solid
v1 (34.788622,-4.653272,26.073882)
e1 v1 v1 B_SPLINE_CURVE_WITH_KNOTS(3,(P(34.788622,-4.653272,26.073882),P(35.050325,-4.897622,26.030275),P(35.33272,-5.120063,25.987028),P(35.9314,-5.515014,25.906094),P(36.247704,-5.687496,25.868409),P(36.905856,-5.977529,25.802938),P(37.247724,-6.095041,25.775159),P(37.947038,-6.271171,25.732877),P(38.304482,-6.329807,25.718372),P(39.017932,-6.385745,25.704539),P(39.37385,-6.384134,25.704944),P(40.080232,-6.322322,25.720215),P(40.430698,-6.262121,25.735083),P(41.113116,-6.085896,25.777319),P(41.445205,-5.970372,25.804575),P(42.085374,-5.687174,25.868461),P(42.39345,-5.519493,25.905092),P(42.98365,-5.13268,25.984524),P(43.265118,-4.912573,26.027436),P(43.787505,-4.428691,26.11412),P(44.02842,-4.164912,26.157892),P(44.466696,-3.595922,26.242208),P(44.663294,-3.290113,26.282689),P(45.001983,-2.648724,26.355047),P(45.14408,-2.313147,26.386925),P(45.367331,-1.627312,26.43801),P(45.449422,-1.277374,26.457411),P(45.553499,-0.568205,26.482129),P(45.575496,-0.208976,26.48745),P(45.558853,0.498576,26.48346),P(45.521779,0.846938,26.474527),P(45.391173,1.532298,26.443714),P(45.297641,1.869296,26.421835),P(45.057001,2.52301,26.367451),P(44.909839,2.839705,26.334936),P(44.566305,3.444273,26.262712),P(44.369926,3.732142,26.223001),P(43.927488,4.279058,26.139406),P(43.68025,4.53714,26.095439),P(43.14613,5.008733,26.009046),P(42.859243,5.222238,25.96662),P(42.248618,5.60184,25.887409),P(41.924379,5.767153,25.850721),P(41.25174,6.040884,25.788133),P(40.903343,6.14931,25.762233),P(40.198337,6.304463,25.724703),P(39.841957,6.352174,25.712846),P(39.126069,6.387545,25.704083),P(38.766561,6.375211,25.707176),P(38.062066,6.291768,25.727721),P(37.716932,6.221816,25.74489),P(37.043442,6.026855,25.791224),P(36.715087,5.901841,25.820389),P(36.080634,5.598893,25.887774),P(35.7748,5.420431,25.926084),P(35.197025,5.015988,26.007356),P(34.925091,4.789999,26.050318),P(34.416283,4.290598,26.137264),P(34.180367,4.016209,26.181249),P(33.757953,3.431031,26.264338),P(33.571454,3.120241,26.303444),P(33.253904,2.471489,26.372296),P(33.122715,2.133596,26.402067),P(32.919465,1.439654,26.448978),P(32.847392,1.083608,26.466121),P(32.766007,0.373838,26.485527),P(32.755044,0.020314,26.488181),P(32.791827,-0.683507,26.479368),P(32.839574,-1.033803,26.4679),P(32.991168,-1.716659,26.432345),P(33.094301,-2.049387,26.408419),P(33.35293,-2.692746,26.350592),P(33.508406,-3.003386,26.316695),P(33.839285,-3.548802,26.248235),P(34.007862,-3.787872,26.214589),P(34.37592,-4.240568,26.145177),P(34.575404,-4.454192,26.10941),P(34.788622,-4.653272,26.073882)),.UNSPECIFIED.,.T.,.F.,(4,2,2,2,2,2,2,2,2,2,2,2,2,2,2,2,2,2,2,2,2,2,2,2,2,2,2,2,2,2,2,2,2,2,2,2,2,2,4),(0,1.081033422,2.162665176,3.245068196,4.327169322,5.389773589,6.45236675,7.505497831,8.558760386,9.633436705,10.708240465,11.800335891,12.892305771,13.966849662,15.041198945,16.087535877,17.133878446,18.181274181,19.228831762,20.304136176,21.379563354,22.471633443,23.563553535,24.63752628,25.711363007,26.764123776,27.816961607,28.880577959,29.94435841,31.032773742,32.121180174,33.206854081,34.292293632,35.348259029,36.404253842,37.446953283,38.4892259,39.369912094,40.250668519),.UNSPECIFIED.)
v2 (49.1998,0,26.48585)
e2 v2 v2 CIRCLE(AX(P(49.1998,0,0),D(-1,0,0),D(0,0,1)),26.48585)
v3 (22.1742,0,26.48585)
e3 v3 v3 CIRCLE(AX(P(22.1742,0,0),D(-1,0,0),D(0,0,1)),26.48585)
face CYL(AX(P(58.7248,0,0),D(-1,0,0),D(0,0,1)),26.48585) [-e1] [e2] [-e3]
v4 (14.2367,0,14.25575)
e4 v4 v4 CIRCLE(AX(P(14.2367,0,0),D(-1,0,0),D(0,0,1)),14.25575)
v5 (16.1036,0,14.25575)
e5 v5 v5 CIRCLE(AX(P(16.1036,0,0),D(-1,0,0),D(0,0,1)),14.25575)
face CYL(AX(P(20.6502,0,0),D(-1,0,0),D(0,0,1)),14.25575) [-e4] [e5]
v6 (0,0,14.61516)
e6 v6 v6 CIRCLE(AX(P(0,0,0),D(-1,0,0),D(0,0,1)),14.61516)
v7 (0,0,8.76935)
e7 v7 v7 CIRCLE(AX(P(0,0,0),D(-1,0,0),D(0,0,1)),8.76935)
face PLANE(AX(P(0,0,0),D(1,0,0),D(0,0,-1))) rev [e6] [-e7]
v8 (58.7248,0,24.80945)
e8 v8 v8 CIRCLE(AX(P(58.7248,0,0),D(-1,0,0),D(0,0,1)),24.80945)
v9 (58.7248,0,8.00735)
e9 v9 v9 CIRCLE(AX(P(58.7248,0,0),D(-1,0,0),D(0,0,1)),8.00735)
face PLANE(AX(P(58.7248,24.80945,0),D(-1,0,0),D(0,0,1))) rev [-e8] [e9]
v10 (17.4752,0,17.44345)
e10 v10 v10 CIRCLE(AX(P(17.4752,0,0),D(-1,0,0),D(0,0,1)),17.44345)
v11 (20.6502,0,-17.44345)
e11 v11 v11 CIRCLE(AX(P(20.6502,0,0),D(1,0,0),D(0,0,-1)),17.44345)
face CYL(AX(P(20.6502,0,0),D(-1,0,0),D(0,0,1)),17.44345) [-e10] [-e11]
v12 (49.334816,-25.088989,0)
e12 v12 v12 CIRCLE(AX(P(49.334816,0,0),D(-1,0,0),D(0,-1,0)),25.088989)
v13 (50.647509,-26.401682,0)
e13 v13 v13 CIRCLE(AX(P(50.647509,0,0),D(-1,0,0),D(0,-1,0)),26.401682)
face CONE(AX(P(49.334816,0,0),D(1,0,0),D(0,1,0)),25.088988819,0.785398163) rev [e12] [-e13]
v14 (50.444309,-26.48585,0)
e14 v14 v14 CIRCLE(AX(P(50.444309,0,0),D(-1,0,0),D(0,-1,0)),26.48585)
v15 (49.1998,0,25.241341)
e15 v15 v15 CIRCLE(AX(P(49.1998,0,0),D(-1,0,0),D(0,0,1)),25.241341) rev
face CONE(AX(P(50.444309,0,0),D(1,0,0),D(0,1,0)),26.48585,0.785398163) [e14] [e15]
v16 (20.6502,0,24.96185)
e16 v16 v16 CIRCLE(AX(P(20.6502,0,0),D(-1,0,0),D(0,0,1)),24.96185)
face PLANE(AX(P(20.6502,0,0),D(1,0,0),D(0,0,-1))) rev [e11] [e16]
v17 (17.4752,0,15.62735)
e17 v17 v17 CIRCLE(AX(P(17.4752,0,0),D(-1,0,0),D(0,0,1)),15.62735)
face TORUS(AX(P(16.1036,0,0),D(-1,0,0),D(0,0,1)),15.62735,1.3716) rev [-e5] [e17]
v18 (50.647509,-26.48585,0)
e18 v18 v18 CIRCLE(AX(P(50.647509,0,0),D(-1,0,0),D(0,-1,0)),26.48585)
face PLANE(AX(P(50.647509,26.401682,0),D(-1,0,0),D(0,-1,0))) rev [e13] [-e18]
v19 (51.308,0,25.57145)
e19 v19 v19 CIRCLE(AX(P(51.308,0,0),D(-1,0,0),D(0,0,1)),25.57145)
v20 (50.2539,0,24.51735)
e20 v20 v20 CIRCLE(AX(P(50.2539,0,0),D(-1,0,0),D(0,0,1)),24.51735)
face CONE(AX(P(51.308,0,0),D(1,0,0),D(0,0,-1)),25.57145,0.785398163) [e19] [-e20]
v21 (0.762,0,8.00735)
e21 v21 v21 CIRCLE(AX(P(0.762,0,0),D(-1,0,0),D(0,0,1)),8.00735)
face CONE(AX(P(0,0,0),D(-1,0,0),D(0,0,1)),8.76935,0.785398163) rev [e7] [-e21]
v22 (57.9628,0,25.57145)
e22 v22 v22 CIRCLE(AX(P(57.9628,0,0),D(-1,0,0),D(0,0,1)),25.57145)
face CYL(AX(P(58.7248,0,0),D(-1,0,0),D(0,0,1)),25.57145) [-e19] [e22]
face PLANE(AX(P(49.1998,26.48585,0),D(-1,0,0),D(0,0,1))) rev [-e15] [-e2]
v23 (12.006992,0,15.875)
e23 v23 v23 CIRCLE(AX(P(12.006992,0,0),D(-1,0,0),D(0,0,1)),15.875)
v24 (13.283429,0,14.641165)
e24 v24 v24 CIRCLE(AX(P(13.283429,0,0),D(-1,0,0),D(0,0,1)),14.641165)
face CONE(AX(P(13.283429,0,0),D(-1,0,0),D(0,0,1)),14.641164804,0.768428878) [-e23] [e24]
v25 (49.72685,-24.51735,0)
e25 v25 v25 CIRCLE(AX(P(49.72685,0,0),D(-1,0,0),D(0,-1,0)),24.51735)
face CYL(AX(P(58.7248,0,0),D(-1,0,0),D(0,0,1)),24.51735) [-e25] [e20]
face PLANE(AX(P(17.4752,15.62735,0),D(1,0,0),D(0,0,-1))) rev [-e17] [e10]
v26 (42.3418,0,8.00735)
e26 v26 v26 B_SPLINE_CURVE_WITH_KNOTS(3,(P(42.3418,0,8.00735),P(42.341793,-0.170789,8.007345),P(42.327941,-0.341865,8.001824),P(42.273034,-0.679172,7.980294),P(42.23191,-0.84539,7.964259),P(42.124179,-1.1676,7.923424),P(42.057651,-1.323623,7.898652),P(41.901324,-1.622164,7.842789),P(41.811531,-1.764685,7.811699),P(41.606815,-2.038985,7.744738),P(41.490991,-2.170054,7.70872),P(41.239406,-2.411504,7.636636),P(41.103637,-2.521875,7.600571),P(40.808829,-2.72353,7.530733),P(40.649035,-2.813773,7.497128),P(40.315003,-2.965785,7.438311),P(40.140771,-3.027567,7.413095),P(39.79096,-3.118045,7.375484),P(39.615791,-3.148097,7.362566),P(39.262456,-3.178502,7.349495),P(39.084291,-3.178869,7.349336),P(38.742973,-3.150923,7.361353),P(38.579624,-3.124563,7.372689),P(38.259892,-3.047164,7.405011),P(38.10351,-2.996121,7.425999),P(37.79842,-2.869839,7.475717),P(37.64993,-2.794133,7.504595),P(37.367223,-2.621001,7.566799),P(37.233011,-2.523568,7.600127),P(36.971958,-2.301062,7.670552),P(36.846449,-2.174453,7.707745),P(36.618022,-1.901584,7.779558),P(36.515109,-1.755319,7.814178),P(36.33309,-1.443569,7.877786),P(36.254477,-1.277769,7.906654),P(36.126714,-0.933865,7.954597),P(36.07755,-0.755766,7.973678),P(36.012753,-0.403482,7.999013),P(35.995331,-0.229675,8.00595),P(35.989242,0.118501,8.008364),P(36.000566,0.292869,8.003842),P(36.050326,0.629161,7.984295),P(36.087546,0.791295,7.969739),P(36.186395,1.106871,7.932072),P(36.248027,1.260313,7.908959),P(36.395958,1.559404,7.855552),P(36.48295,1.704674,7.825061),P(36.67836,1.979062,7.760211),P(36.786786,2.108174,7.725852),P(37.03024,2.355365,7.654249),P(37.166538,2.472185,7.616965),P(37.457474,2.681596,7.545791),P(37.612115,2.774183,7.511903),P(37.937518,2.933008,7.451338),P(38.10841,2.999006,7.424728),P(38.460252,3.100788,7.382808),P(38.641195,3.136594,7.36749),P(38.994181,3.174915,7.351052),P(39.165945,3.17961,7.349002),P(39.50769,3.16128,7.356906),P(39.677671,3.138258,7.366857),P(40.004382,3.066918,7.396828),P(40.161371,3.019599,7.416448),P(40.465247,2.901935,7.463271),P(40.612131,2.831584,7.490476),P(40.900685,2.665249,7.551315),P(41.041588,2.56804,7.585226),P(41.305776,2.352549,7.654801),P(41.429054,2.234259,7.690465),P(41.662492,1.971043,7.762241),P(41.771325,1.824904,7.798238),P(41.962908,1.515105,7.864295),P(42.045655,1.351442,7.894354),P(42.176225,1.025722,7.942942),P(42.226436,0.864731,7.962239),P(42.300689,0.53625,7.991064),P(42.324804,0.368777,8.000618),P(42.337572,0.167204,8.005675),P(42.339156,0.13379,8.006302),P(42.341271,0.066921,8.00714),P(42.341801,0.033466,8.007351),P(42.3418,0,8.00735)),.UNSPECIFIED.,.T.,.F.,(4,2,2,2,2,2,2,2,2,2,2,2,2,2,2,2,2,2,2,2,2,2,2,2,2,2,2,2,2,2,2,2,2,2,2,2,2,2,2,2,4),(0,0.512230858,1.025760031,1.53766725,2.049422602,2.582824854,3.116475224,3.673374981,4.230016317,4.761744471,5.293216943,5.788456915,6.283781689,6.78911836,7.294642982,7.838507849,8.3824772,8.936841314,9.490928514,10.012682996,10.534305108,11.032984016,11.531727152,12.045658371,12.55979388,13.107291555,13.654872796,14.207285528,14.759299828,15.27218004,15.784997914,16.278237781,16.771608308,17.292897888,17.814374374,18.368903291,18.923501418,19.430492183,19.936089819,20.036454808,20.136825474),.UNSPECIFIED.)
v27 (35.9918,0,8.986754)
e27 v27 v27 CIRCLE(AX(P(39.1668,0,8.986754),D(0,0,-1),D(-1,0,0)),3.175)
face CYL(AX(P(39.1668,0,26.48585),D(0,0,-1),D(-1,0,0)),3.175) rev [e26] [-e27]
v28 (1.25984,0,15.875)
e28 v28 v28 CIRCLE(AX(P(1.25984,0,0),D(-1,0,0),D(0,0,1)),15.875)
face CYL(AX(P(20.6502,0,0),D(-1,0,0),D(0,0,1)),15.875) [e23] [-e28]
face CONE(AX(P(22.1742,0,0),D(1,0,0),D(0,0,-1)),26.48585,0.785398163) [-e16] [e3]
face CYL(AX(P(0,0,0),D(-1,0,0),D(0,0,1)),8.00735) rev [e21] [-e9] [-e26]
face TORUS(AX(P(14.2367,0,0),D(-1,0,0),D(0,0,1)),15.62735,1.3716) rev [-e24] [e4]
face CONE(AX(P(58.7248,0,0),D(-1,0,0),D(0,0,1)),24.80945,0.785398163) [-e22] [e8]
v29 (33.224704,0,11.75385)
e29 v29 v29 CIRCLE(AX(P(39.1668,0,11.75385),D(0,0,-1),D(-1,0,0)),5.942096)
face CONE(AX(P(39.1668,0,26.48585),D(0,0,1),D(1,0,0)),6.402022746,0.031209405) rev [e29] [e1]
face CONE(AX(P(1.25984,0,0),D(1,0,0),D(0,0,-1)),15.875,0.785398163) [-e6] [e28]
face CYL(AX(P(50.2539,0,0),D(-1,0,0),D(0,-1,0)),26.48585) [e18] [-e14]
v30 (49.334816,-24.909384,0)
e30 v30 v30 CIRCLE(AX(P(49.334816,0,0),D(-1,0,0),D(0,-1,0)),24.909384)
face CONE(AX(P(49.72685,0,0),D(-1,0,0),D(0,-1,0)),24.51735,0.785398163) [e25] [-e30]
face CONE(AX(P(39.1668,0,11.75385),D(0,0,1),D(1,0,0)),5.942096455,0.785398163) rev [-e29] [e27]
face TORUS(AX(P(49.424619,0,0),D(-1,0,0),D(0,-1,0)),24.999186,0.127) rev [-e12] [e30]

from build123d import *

# Parameters (mm, degrees)
HOLE1_D           = 16.0147
HOLE1_CSINK_D     = 17.5387
HOLE1_CSINK_ANGLE = 90


with BuildPart() as part:
    # Sketch1 → Revolve1 (revolve)
    with BuildSketch(Plane.XY):
        with BuildLine():
            Line((0, 0), (0, 14.61516))
            Line((0, 14.61516), (1.25984, 15.875))
            Line((1.25984, 15.875), (12.006992339, 15.875))
            Line((12.006992339, 15.875), (13.283429147, 14.641164804))
            ThreePointArc((13.283429147, 14.641164804), (13.72258185, 14.355749006), (14.2367, 14.25575))
            Line((14.2367, 14.25575), (16.1036, 14.25575))
            ThreePointArc((16.1036, 14.25575), (17.073467661, 14.657482339), (17.4752, 15.62735))
            Line((17.4752, 15.62735), (17.4752, 17.44345))
            Line((17.4752, 17.44345), (20.6502, 17.44345))
            Line((20.6502, 17.44345), (20.6502, 0))
            Line((20.6502, 0), (0, 0))
        make_face()
    revolve(axis=Axis((20.6502, 0, 0), (-1, 0, 0)))

    # Sketch2 → Revolve2 (revolve)
    with BuildSketch(Plane.XY):
        Polygon((20.6502, 0), (20.6502, 24.96185), (22.1742, 26.48585), (49.1998, 26.48585), (49.1998, 24.51735), (50.2539, 24.51735), (51.308, 25.57145), (57.9628, 25.57145), (58.7248, 24.80945), (58.7248, 0), align=None)
    revolve(axis=Axis((58.7248, 0, 0), (-1, 0, 0)))

    # Hole1 (through all)
    with Locations(Plane.ZY):
        with Locations((0, 0)):
            CounterSinkHole(HOLE1_D / 2, HOLE1_CSINK_D / 2, counter_sink_angle=HOLE1_CSINK_ANGLE)

    # Sketch5 → Cut-Revolve1 (revolve, cut)
    with BuildSketch(Plane(origin=(0, 0, 0), x_dir=(1, 0, 0), z_dir=(0, 1, 0))):
        Polygon((39.1668, 0), (42.3418, 0), (42.3418, -8.986753545), (45.108896455, -11.75385), (45.568822746, -26.48585), (39.1668, -26.48585), align=None)
    revolve(axis=Axis((39.1668, 0, 26.48585), (0, 0, -1)), mode=Mode.SUBTRACT)

    # Sketch6 → Revolve3 (revolve)
    with BuildSketch(Plane.XY):
        with BuildLine():
            Line((49.1998, 24.26335), (50.2539, 24.26335))
            Line((50.2539, 24.26335), (50.2539, 24.51735))
            Line((50.2539, 24.51735), (49.72685, 24.51735))
            Line((49.72685, 24.51735), (49.334816303, 24.909383697))
            ThreePointArc((49.334816303, 24.909383697), (49.297618864, 24.999186258), (49.334816303, 25.088988819))
            Line((49.334816303, 25.088988819), (50.647509288, 26.401681804))
            Line((50.647509288, 26.401681804), (50.647509288, 26.48585))
            Line((50.647509288, 26.48585), (50.444309288, 26.48585))
            Line((50.444309288, 26.48585), (49.1998, 25.241340712))
            Line((49.1998, 25.241340712), (49.1998, 24.26335))
        make_face()
    revolve(axis=Axis((50.2539, 0, 0), (-1, 0, 0)))


solid = part.part
